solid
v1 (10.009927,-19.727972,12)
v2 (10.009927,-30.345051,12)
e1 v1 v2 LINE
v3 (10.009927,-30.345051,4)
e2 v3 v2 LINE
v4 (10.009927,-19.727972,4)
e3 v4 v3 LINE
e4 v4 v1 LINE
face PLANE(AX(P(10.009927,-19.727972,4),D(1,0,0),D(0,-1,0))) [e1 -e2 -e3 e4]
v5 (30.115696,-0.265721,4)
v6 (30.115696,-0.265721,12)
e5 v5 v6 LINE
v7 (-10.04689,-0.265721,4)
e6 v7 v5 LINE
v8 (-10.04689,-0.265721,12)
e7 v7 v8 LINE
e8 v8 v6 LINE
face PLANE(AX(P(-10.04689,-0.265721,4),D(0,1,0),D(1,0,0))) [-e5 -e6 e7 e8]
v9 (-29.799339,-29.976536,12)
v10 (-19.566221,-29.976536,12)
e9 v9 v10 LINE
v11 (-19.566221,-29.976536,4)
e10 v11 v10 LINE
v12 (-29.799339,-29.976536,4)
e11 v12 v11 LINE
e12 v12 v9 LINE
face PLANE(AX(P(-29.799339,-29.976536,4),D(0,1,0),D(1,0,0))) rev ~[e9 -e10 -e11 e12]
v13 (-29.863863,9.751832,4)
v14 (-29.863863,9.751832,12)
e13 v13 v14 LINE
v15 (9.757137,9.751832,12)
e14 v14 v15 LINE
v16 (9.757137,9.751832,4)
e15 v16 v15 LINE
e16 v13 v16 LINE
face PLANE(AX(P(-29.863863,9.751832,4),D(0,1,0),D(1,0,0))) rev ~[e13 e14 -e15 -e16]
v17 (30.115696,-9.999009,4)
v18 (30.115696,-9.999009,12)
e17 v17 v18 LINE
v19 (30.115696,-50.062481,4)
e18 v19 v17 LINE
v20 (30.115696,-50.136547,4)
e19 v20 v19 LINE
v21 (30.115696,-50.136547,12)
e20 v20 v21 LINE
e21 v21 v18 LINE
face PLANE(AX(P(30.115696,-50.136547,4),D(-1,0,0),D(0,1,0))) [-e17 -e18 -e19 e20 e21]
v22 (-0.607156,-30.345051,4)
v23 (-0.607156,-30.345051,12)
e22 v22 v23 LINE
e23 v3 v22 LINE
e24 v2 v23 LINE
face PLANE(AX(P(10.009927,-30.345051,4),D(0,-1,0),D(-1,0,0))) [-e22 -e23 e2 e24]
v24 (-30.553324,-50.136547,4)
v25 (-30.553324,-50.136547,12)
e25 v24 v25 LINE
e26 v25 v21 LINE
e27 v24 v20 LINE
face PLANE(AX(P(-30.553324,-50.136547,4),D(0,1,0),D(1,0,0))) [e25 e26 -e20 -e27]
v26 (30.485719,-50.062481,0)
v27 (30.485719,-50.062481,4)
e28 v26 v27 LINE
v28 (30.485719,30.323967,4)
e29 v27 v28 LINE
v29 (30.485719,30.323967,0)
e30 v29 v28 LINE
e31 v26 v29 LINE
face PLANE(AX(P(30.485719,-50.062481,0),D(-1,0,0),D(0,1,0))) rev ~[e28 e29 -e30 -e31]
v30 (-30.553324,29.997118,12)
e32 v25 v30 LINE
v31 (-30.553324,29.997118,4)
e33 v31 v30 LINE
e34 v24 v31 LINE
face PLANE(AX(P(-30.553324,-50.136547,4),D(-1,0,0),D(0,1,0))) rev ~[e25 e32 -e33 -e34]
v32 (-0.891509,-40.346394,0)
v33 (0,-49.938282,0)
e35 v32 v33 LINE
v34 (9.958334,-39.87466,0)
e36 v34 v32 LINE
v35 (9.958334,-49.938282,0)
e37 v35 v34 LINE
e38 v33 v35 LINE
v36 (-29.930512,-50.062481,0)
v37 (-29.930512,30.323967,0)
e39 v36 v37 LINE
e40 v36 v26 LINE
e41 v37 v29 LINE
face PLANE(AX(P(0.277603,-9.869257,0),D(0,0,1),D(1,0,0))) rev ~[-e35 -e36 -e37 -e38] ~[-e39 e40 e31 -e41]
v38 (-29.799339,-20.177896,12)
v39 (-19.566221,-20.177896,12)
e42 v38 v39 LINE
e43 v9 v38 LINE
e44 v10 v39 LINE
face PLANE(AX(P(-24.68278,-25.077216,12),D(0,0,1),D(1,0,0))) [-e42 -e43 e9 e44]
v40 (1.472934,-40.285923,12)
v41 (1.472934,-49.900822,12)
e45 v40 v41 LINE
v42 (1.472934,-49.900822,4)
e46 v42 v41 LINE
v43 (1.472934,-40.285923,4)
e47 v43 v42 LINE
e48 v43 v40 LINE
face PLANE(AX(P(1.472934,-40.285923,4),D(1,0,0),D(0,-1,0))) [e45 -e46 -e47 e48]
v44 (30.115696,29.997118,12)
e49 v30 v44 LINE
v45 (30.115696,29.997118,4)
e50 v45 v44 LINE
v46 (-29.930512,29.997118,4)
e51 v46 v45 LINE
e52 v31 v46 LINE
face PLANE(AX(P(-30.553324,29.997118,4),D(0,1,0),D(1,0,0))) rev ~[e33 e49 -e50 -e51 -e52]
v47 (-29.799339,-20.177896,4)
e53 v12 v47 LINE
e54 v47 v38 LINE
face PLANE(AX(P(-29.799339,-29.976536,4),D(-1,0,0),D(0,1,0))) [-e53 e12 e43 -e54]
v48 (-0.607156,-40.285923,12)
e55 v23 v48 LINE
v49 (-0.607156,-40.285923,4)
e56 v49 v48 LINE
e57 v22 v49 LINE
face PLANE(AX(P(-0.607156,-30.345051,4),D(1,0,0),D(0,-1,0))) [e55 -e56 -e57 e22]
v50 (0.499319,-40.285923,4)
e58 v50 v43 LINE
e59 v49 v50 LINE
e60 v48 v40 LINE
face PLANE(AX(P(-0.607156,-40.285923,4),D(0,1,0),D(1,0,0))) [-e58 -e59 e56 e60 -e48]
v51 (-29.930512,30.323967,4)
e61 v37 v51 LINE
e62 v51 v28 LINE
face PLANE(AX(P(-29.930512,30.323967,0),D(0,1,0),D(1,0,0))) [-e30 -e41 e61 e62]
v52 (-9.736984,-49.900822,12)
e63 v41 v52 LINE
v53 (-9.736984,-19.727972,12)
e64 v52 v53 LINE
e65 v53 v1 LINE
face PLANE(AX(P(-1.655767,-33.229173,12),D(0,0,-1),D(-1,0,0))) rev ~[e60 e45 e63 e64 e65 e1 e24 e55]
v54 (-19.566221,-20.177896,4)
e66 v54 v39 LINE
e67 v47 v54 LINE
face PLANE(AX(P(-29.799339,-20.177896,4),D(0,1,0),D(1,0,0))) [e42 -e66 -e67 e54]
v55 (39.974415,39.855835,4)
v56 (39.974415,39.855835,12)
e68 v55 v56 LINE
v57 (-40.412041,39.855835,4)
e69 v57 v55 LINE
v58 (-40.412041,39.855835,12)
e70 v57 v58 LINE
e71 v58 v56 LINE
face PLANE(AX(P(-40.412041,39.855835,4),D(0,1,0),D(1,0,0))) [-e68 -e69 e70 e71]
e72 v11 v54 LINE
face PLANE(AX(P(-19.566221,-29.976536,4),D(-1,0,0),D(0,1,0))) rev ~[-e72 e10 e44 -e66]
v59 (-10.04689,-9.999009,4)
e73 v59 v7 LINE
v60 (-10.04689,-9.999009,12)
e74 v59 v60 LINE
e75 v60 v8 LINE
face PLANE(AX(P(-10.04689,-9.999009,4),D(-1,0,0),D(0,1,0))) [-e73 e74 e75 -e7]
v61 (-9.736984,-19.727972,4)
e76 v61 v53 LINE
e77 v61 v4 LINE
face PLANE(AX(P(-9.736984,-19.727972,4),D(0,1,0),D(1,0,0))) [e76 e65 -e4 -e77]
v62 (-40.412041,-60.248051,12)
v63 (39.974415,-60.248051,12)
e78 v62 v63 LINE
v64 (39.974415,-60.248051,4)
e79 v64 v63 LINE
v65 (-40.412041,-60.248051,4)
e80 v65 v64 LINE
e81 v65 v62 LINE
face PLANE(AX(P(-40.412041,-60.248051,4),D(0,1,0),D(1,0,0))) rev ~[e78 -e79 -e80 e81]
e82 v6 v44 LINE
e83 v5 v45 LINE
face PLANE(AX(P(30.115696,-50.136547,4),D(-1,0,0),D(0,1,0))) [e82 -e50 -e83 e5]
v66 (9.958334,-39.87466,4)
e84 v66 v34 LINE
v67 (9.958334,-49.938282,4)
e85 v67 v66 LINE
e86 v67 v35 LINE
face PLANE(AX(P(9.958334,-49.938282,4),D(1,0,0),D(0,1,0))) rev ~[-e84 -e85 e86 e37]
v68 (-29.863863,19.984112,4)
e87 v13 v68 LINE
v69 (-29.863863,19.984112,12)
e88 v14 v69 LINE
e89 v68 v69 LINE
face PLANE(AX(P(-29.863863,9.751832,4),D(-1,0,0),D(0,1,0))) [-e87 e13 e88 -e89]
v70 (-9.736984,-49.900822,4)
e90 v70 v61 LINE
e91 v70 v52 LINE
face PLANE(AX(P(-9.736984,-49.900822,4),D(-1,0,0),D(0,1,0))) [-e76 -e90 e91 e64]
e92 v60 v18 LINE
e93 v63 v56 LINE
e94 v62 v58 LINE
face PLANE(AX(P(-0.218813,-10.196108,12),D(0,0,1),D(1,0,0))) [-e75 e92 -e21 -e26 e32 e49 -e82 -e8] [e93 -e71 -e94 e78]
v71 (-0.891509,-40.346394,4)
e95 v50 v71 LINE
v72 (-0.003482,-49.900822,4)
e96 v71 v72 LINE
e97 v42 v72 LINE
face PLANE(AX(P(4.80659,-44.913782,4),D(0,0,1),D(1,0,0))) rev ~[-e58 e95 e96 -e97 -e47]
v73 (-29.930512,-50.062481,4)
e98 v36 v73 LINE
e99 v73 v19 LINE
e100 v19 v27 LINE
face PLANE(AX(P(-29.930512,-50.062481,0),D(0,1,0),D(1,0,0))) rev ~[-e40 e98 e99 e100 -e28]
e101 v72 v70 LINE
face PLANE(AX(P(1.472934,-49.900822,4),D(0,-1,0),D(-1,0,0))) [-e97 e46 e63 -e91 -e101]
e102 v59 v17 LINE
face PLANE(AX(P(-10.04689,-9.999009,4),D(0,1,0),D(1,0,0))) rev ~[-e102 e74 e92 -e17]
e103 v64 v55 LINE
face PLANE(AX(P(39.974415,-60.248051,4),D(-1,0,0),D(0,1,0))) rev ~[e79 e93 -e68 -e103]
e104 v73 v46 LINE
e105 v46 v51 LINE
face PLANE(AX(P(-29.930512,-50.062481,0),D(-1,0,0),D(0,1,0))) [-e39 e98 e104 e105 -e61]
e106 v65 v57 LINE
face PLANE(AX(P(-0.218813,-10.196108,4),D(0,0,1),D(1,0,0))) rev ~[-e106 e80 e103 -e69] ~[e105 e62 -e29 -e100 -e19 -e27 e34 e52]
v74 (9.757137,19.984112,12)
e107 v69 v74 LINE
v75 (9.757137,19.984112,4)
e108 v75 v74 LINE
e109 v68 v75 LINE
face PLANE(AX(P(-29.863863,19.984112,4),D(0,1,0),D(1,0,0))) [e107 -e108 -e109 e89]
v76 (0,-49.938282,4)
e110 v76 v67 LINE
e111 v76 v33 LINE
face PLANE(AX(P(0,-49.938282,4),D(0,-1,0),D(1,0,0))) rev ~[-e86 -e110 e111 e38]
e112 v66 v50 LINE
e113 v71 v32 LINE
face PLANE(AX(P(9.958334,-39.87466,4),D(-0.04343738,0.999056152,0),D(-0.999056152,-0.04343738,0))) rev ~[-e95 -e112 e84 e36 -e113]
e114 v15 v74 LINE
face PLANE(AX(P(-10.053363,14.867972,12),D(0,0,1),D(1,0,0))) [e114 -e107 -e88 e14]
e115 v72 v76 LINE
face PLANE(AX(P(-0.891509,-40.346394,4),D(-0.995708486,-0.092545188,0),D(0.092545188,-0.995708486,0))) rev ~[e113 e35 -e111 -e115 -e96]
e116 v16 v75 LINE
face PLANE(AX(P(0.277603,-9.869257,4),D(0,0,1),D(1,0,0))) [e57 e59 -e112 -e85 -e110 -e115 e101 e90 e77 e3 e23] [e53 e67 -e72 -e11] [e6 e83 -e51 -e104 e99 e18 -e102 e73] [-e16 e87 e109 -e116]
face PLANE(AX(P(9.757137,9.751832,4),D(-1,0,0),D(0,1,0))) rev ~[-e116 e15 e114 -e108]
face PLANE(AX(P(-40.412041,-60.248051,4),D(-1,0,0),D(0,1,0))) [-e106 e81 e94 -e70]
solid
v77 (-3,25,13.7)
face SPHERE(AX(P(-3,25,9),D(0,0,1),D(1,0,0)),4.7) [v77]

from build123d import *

# Parameters (mm, degrees)
SKETCH_W      = 60.416231
SKETCH_H      = 80.386448
PAD_DEPTH     = 4
SKETCH001_W   = 39.621
SKETCH001_H   = 10.23228
SKETCH001_W_2 = 40.450142
SKETCH001_H_2 = 9.733288
SKETCH001_W_3 = 10.233118
SKETCH001_H_3 = 9.79864
PAD001_DEPTH  = 8
SKETCH002_W   = 80.386456
SKETCH002_H   = 100.103886
SKETCH002_W_2 = 60.66902
SKETCH002_H_2 = 80.133665
PAD002_DEPTH  = 8
POCKET_DEPTH  = 12


with BuildPart() as body:
    # Sketch → Pad (new body)
    with BuildSketch(Plane.XY):
        with Locations((0.277603, -9.869257)):
            Rectangle(SKETCH_W, SKETCH_H)
    extrude(amount=PAD_DEPTH)

    # Sketch001 (on Face6 of Pad) → Pad001 (join)
    with BuildSketch(Plane.XY.offset(4)):
        with Locations((-10.053363, 14.867972)):
            Rectangle(SKETCH001_W, SKETCH001_H)
        with Locations((10.178181, -5.132365)):
            Rectangle(SKETCH001_W_2, SKETCH001_H_2)
        Polygon((-9.736984, -49.900822), (-9.736984, -19.727972), (10.009927, -19.727972), (10.009927, -30.345051), (-0.607156, -30.345051), (-0.607156, -40.285923), (1.472934, -40.285923), (1.472934, -49.900822), align=None)
        with Locations((-24.68278, -25.077216)):
            Rectangle(SKETCH001_W_3, SKETCH001_H_3)
    extrude(amount=PAD001_DEPTH)

    # Sketch002 (on Face5 of Pad001) → Pad002 (join)
    with BuildSketch(Plane.XY.offset(4)):
        with Locations((-0.218813, -10.196108)):
            Rectangle(SKETCH002_W, SKETCH002_H)
        with Locations((-0.218814, -10.069714)):
            Rectangle(SKETCH002_W_2, SKETCH002_H_2, mode=Mode.SUBTRACT)
    extrude(amount=PAD002_DEPTH)

    # Sketch003 (on Face7 of Pad002) → Pocket (cut)
    with BuildSketch(Plane.XY.offset(4)):
        Polygon((-0.891509, -40.346394), (0, -49.938282), (9.958334, -49.938282), (9.958334, -39.87466), align=None)
    extrude(amount=-POCKET_DEPTH, mode=Mode.SUBTRACT)


with BuildPart() as sphere:
    # Sphere → Sphere (revolve)
    with BuildSketch(Plane(origin=(-3, 25, 9), x_dir=(1, 0, 0), z_dir=(0, -1, 0))):
        with BuildLine():
            ThreePointArc((0, -4.7), (4.7, 0), (0, 4.7))
            Line((0, 4.7), (0, -4.7))
        make_face()
    revolve(axis=Axis((-3, 25, 9), (0, 0, 1)))


solid = Compound([body.part, sphere.part])
